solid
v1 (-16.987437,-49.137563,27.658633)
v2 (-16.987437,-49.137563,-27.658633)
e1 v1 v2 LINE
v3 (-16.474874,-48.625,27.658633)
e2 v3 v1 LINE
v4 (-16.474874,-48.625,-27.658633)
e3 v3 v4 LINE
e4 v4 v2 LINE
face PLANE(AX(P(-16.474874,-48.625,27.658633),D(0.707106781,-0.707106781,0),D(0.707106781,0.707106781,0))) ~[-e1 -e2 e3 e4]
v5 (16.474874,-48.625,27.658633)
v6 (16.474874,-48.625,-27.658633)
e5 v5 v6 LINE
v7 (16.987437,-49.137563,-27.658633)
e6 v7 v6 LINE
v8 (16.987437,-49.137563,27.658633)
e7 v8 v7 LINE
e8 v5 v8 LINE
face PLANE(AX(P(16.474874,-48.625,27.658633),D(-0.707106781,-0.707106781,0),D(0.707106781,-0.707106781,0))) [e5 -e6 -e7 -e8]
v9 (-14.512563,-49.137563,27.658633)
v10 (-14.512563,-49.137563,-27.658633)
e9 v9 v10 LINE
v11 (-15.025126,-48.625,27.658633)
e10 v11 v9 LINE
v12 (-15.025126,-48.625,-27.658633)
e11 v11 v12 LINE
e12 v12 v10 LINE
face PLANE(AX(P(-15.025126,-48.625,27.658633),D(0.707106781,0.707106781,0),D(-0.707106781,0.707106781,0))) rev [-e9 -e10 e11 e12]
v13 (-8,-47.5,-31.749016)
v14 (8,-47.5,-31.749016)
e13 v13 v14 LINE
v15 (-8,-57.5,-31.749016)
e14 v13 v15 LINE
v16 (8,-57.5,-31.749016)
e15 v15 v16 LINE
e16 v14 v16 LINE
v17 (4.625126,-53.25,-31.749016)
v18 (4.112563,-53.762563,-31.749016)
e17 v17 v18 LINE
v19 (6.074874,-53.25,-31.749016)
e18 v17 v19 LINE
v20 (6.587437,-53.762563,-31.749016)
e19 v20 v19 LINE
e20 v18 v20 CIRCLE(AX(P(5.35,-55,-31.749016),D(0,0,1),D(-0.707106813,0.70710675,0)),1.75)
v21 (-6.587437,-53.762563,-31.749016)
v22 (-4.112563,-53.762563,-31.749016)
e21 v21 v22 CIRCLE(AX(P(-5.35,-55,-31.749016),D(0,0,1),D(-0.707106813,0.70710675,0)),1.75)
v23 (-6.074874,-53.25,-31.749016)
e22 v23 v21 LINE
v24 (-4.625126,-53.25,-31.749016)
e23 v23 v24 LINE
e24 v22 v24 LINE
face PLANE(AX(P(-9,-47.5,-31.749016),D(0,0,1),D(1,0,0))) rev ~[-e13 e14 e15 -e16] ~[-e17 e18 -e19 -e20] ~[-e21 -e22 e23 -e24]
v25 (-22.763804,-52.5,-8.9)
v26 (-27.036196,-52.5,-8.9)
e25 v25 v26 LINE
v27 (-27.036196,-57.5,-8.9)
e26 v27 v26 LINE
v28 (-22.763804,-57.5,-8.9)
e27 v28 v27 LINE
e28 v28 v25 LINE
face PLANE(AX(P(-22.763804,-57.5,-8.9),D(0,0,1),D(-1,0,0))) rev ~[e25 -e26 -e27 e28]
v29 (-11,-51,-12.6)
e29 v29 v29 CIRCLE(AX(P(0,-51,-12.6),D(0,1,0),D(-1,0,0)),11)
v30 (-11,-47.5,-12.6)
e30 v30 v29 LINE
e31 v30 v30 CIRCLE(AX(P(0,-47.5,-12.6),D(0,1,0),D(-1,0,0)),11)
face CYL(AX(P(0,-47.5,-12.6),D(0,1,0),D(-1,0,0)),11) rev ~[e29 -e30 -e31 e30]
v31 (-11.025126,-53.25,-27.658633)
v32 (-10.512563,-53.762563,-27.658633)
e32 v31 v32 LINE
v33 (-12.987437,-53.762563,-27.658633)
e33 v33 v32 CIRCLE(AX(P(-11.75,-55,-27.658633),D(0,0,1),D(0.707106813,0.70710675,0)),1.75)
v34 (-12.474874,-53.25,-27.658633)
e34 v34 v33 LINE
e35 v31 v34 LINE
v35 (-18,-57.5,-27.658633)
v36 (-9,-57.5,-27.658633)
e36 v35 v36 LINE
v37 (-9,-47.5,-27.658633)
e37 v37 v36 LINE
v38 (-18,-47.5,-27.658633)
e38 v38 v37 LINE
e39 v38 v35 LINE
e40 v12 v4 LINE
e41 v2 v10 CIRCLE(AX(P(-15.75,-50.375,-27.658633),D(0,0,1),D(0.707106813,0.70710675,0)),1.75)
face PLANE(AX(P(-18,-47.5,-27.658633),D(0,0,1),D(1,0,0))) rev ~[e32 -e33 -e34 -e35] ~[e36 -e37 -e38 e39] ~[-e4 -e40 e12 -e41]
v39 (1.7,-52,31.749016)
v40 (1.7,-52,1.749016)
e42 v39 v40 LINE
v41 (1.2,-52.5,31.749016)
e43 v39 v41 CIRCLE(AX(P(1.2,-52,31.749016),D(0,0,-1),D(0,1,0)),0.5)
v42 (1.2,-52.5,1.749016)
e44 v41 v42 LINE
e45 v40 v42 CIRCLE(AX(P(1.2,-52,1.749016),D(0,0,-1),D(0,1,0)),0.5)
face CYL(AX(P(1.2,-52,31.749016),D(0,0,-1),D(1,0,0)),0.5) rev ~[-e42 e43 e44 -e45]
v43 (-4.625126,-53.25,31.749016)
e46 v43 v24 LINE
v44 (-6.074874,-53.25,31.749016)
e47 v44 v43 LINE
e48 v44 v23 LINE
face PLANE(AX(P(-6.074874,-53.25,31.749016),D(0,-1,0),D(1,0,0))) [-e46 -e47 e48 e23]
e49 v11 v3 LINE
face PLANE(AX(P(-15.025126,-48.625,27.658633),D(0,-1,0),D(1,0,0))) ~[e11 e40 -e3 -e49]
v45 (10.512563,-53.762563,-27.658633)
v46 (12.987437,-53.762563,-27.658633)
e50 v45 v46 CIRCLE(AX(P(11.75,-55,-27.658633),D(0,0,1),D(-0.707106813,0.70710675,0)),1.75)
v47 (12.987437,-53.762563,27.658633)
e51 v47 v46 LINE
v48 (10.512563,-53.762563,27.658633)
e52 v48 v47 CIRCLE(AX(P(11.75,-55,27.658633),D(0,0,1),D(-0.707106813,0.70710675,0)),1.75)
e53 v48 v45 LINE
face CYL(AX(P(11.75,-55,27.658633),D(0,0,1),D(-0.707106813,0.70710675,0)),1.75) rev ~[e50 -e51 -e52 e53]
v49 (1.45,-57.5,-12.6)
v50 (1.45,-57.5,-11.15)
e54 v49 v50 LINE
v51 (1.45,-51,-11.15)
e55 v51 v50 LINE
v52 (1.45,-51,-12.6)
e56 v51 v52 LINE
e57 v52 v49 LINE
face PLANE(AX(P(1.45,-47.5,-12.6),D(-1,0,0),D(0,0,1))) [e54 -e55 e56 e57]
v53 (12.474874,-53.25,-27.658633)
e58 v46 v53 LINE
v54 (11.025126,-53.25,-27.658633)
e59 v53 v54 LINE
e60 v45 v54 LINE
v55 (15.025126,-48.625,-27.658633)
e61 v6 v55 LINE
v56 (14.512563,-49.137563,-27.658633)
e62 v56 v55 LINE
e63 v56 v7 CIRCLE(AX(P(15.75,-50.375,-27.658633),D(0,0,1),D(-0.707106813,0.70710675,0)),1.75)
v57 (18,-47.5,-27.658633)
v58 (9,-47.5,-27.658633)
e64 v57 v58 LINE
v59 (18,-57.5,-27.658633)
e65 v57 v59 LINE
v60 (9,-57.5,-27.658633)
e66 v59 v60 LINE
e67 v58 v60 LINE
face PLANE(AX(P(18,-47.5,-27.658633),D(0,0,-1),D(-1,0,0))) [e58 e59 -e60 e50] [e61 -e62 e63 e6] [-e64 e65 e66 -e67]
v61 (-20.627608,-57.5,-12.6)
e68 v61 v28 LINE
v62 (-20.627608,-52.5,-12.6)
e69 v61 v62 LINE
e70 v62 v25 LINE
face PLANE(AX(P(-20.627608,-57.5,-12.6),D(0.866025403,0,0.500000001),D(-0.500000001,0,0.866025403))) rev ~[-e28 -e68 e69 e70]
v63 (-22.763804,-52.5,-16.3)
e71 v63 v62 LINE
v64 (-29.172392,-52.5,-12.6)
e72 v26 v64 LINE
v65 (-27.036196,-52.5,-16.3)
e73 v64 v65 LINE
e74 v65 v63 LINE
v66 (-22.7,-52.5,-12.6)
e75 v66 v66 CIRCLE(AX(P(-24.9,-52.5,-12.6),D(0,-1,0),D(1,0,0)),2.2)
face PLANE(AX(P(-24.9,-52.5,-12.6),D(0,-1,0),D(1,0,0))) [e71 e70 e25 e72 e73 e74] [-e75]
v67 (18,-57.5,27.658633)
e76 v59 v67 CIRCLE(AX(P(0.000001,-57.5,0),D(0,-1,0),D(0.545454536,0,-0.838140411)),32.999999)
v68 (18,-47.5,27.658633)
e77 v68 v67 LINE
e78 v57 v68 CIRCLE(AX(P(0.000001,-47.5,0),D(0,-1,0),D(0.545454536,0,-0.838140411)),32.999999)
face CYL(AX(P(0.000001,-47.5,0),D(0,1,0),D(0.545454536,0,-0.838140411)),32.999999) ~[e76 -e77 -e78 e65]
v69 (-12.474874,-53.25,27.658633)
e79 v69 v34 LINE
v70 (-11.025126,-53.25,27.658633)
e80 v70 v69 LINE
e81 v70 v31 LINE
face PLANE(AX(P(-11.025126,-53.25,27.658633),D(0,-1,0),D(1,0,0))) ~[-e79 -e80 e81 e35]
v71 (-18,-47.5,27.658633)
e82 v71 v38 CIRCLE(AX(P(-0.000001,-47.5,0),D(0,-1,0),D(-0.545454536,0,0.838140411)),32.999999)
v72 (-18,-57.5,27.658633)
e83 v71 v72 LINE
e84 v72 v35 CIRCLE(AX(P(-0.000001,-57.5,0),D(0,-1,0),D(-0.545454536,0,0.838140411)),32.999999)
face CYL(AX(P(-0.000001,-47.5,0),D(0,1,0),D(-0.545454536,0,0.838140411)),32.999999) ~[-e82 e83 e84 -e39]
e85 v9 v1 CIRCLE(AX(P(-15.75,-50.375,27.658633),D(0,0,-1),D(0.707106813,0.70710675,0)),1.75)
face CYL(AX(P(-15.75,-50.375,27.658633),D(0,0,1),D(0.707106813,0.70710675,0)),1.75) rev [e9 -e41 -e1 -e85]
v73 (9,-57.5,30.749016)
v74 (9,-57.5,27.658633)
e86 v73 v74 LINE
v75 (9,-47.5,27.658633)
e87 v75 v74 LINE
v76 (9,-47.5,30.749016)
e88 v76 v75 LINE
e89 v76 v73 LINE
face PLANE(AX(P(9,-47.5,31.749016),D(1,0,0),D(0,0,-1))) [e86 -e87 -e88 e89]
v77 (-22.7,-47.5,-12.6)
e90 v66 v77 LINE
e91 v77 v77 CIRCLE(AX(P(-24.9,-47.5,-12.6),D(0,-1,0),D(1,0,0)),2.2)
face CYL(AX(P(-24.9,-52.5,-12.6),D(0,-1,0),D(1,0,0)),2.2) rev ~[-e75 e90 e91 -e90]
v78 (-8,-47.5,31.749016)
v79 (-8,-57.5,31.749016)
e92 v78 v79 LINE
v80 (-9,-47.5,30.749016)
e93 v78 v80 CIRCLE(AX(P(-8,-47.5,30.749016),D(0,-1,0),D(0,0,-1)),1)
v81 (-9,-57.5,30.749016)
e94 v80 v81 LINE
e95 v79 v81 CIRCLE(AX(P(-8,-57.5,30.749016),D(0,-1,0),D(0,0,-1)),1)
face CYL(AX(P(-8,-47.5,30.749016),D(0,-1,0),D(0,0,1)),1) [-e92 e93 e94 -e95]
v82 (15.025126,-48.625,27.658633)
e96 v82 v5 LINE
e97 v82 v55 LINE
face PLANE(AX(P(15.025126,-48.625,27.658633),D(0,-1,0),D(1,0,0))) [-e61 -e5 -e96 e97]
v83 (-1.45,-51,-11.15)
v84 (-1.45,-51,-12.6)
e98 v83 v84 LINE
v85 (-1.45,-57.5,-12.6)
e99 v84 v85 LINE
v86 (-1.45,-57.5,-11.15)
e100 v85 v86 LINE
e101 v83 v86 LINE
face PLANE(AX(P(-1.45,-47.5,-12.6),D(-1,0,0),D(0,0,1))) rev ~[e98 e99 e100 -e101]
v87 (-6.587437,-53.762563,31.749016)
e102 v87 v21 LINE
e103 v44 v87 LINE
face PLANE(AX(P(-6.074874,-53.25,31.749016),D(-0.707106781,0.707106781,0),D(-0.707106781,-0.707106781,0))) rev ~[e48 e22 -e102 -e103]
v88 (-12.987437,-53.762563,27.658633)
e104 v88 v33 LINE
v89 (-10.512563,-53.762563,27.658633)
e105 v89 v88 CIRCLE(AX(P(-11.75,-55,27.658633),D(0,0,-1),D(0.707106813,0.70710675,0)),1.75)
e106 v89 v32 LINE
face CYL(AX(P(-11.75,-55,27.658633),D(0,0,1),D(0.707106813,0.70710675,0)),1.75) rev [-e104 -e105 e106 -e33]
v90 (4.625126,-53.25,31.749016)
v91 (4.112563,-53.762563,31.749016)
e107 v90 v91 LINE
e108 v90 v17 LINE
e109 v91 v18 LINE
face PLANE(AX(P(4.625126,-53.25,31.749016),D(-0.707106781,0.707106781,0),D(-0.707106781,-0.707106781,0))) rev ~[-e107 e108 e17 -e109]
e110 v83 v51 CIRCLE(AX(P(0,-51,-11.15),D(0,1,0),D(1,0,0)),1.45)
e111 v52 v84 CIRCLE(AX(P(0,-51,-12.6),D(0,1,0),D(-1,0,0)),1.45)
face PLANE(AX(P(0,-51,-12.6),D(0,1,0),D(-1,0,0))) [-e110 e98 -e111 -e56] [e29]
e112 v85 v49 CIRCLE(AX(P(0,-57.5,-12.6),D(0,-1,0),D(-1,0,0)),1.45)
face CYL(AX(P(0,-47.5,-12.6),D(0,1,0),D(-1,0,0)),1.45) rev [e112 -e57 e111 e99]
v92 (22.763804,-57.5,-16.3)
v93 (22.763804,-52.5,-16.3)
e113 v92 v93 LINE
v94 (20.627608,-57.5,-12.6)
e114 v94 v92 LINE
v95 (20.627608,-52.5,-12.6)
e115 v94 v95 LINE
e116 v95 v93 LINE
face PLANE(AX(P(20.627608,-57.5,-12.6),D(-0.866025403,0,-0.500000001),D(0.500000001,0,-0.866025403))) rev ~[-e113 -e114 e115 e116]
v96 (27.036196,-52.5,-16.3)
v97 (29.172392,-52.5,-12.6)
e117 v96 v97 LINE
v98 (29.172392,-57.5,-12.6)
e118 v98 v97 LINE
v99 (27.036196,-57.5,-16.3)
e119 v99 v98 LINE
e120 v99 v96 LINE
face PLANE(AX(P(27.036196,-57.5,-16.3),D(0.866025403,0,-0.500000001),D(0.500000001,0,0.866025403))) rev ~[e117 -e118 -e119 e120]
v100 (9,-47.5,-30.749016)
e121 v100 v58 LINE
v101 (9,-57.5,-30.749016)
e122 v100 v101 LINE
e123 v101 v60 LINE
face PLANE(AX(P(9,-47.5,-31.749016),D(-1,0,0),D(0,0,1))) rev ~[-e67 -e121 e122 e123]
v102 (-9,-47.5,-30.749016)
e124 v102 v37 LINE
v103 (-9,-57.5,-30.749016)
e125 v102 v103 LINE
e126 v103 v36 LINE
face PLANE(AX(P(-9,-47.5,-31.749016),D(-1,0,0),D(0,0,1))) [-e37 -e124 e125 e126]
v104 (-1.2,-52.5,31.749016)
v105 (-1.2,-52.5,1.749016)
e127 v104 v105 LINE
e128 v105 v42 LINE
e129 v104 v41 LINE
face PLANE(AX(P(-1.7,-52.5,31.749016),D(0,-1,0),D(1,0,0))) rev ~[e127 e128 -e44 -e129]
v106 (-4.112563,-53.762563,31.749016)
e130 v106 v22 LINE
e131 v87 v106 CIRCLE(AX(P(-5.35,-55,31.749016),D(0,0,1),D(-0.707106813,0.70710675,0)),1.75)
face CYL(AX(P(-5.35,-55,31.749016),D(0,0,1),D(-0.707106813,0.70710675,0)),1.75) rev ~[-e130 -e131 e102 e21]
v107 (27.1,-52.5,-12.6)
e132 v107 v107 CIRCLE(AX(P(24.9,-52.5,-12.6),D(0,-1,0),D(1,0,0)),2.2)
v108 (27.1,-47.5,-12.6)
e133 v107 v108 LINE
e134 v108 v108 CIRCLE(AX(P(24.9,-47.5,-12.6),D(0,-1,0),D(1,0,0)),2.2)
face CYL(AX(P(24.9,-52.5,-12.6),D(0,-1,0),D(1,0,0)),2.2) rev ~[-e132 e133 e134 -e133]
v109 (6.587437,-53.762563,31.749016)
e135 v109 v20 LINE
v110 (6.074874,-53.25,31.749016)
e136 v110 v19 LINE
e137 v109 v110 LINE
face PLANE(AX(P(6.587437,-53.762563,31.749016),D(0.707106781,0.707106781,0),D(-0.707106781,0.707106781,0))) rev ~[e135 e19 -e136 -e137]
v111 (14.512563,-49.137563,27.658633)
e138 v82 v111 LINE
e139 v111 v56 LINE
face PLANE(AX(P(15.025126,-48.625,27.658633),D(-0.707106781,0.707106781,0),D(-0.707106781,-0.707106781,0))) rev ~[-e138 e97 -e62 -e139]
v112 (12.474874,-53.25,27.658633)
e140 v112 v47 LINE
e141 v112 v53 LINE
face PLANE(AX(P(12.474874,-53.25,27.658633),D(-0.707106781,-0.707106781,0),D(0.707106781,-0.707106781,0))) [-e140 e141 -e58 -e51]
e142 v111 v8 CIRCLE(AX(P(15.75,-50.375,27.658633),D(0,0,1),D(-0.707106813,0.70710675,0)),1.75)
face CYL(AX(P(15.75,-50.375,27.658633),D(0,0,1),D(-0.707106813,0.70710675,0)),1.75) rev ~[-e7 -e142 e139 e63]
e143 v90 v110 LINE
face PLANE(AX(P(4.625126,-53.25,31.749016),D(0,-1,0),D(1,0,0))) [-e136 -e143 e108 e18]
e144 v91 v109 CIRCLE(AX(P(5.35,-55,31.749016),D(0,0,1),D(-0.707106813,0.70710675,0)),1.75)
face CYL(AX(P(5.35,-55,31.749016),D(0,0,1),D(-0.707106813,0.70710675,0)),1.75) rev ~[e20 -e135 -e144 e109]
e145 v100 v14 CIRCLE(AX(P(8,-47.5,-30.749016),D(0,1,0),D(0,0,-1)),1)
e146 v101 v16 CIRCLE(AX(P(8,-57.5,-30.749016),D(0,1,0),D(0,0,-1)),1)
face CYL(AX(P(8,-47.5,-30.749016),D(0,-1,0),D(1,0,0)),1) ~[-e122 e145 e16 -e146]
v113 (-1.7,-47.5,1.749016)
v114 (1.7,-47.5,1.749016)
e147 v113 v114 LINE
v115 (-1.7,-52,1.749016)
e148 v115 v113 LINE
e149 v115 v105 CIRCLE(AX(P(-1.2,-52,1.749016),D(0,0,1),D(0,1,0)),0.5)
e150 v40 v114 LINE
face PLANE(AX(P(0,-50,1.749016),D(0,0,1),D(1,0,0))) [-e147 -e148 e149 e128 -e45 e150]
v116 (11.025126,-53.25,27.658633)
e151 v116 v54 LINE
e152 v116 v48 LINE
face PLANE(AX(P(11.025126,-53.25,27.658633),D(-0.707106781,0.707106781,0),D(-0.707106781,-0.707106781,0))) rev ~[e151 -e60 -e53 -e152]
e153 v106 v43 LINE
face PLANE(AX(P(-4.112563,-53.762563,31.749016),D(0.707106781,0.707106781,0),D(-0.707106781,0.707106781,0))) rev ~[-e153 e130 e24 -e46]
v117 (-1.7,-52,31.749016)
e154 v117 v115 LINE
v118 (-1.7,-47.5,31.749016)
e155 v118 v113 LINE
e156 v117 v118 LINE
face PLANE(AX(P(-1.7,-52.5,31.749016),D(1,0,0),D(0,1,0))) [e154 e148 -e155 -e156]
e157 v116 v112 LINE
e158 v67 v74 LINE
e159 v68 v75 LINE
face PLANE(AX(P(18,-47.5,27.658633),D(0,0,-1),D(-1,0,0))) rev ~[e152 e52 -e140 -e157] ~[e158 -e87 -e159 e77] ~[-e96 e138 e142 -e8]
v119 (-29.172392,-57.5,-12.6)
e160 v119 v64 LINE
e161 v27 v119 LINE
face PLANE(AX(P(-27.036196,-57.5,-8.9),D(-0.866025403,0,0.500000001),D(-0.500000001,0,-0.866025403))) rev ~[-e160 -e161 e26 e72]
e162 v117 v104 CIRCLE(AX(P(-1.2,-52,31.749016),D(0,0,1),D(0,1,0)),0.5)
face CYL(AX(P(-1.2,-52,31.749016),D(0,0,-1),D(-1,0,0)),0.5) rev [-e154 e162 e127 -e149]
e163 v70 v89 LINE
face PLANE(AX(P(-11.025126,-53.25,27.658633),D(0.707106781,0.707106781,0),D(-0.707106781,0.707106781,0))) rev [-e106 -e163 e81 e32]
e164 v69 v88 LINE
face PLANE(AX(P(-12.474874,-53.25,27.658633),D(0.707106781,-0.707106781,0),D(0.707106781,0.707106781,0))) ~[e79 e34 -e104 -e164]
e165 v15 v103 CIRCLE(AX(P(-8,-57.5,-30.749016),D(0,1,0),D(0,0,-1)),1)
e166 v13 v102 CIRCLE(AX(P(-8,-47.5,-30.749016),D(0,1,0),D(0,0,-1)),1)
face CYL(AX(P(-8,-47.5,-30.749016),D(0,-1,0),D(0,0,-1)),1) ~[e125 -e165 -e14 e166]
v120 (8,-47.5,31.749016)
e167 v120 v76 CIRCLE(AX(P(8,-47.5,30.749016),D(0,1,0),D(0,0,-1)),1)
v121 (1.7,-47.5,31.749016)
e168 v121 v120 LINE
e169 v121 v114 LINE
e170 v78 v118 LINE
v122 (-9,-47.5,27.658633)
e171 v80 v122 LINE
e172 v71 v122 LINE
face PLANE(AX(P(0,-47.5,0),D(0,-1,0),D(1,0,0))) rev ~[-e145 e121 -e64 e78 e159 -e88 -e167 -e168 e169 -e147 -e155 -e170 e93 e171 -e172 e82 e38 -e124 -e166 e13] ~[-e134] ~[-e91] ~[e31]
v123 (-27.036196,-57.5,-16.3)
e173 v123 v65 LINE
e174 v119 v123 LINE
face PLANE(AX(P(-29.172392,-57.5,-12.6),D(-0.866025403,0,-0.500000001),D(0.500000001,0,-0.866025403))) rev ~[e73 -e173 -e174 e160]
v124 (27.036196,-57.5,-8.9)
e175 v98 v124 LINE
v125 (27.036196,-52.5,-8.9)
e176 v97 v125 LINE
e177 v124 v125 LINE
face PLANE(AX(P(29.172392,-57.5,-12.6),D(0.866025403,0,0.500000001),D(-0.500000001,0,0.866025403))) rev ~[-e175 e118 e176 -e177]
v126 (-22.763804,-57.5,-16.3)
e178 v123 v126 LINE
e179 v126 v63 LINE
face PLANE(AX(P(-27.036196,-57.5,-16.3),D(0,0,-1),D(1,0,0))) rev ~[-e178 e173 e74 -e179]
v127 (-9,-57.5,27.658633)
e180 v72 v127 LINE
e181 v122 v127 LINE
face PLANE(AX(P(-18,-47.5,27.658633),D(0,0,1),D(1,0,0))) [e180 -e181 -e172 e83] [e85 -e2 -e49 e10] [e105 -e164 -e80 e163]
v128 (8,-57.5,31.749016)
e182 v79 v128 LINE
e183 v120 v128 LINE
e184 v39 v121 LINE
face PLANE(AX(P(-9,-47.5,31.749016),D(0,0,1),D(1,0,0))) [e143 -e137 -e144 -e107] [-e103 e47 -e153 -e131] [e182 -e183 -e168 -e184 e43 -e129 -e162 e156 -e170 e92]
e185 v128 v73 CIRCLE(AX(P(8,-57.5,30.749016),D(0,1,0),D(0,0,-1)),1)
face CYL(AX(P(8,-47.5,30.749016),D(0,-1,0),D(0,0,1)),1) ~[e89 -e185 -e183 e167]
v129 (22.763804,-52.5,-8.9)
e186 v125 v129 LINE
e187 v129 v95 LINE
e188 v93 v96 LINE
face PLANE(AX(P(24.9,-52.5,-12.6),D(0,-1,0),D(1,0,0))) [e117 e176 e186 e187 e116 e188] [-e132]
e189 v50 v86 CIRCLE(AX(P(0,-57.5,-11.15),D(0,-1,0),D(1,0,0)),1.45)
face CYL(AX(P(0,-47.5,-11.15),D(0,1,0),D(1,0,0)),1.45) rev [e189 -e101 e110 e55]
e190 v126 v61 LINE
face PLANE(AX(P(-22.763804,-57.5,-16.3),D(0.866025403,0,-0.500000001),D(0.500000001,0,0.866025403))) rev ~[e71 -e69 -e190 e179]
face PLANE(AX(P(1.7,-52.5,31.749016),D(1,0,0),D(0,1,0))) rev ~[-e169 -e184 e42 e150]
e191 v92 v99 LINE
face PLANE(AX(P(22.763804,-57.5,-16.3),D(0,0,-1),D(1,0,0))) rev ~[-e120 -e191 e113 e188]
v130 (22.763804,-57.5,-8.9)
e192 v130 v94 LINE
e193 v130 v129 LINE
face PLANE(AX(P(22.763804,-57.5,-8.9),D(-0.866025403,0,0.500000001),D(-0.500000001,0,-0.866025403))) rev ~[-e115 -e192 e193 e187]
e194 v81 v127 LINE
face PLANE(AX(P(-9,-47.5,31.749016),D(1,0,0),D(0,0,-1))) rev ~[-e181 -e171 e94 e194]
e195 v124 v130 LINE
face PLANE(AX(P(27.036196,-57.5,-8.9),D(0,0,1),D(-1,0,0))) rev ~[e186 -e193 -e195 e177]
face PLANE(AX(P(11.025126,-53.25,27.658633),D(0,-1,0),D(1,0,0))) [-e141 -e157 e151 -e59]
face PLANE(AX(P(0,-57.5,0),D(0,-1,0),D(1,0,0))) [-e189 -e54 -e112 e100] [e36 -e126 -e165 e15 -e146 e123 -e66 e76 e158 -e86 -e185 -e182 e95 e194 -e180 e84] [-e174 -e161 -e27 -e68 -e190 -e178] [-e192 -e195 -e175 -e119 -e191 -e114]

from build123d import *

# Parameters (mm, degrees)
PAD012_DEPTH    = 10
SKETCH027_W     = 3.4
SKETCH027_H     = 5
POCKET_DEPTH    = 30
POCKET012_DEPTH = 63.499031
SKETCH029_R     = 11
POCKET013_DEPTH = 3.5
POCKET014_DEPTH = 5
SKETCH031_R     = 2.2
POCKET015_DEPTH = 5.001
POCKET016_DEPTH = 243.669334
FILLET_R        = 0.5
FILLET001_R     = 1
FILLET002_R     = 1


with BuildPart() as part:
    # Sketch026 (on ShapeBinder) → Pad012 (new body)
    with BuildSketch(Plane.XZ.offset(47.5)):
        with BuildLine():
            ThreePointArc((18, -27.658633), (33, 0), (18, 27.658633))
            Line((18, 27.658633), (9, 27.658633))
            Line((9, 31.749016), (9, 27.658633))
            Line((-9, 31.749016), (9, 31.749016))
            Line((-9, 31.749016), (-9, 27.658633))
            Line((-18, 27.658633), (-9, 27.658633))
            ThreePointArc((-18, 27.658633), (-33, 0), (-18, -27.658633))
            Line((-18, -27.658633), (-9, -27.658633))
            Line((-9, -31.749016), (-9, -27.658633))
            Line((-9, -31.749016), (9, -31.749016))
            Line((9, -31.749016), (9, -27.658633))
            Line((18, -27.658633), (9, -27.658633))
        make_face()
        with BuildLine():
            ThreePointArc((-1.45, -12.6), (0, -14.05), (1.45, -12.6))
            Line((1.45, -12.6), (1.45, -11.15))
            ThreePointArc((1.45, -11.15), (0, -9.7), (-1.45, -11.15))
            Line((-1.45, -12.6), (-1.45, -11.15))
        make_face(mode=Mode.SUBTRACT)
    extrude(amount=PAD012_DEPTH)

    # Sketch027 (on Face4 of Pad012) → Pocket (cut)
    with BuildSketch(Plane(origin=(0, -4.5, 31.749016), x_dir=(1, 0, 0), z_dir=(0, 0, 1))):
        with Locations((0, -45.5)):
            Rectangle(SKETCH027_W, SKETCH027_H)
    extrude(amount=-POCKET_DEPTH, mode=Mode.SUBTRACT)

    # Sketch028 (on Face14 of Pocket) → Pocket012 (cut, through all)
    with BuildSketch(Plane(origin=(0, -4.5, 31.749016), x_dir=(1, 0, 0), z_dir=(0, 0, 1))):
        with BuildLine():
            Line((-6.074874, -48.75), (-4.625126, -48.75))
            Line((-4.112563, -49.262563), (-4.625126, -48.75))
            ThreePointArc((-6.587437, -49.262563), (-5.35, -52.25), (-4.112563, -49.262563))
            Line((-6.074874, -48.75), (-6.587437, -49.262563))
        make_face()
        with BuildLine():
            Line((4.625126, -48.75), (6.074874, -48.75))
            Line((6.587437, -49.262563), (6.074874, -48.75))
            ThreePointArc((4.112563, -49.262563), (5.35, -52.25), (6.587437, -49.262563))
            Line((4.625126, -48.75), (4.112563, -49.262563))
        make_face()
    extrude(amount=-POCKET012_DEPTH, mode=Mode.SUBTRACT)

    # Sketch029 (on Face4 of Pocket012) → Pocket013 (cut)
    with BuildSketch(Plane(origin=(0, -47.5, 0), x_dir=(-1, 0, 0), z_dir=(0, 1, 0))):
        with Locations((0, -12.6)):
            Circle(SKETCH029_R)
    extrude(amount=-POCKET013_DEPTH, mode=Mode.SUBTRACT)

    # Sketch030 (on Face5 of Pocket013) → Pocket014 (cut)
    with BuildSketch(Plane.XZ.offset(57.5)):
        Polygon((27.036196, -16.3), (29.172392, -12.6), (27.036196, -8.9), (22.763804, -8.9), (20.627608, -12.6), (22.763804, -16.3), align=None)
        Polygon((-22.763804, -16.3), (-20.627608, -12.6), (-22.763804, -8.9), (-27.036196, -8.9), (-29.172392, -12.6), (-27.036196, -16.3), align=None)
    extrude(amount=-POCKET014_DEPTH, mode=Mode.SUBTRACT)

    # Sketch031 (on Face46 of Pocket014) → Pocket015 (cut, through all)
    with BuildSketch(Plane.XZ.offset(52.5)):
        with Locations((24.9, -12.6)):
            Circle(SKETCH031_R)
        with Locations((-24.9, -12.6)):
            Circle(SKETCH031_R)
    extrude(amount=-POCKET015_DEPTH, mode=Mode.SUBTRACT)

    # Sketch032 (on Face3 of Pocket015) → Pocket016 (cut, through all)
    with BuildSketch(Plane(origin=(0, -4.5, 27.658633), x_dir=(1, 0, 0), z_dir=(0, 0, 1))):
        with BuildLine():
            Line((11.025126, -48.75), (12.474874, -48.75))
            Line((12.474874, -48.75), (12.987437, -49.262563))
            ThreePointArc((10.512563, -49.262563), (11.75, -52.25), (12.987437, -49.262563))
            Line((11.025126, -48.75), (10.512563, -49.262563))
        make_face()
        with BuildLine():
            Line((15.025126, -44.125), (16.474874, -44.125))
            Line((16.474874, -44.125), (16.987437, -44.637563))
            ThreePointArc((14.512563, -44.637563), (15.75, -47.625), (16.987437, -44.637563))
            Line((15.025126, -44.125), (14.512563, -44.637563))
        make_face()
    pocket016 = extrude(amount=-POCKET016_DEPTH, mode=Mode.SUBTRACT)

    # Mirrored: Pocket016 across Sketch032 V_Axis
    add(pocket016.mirror(Plane(origin=(0, -4.5, 27.658633), x_dir=(0, 0, 1), z_dir=(1, 0, 0))), mode=Mode.SUBTRACT)

    # Fillet
    fillet_edges = [part.edges().sort_by_distance(p)[0] for p in [
        (-1.7, -52.5, 16.749016),
        (1.7, -52.5, 16.749016),
    ]]
    fillet(fillet_edges, radius=FILLET_R)

    # Fillet001
    fillet001_edges = [part.edges().sort_by_distance(p)[0] for p in [
        (-9, -52.5, 31.749016),
        (9, -52.5, 31.749016),
    ]]
    fillet(fillet001_edges, radius=FILLET001_R)

    # Fillet002
    fillet002_edges = [part.edges().sort_by_distance(p)[0] for p in [
        (9, -52.5, -31.749016),
        (-9, -52.5, -31.749016),
    ]]
    fillet(fillet002_edges, radius=FILLET002_R)


solid = part.part
